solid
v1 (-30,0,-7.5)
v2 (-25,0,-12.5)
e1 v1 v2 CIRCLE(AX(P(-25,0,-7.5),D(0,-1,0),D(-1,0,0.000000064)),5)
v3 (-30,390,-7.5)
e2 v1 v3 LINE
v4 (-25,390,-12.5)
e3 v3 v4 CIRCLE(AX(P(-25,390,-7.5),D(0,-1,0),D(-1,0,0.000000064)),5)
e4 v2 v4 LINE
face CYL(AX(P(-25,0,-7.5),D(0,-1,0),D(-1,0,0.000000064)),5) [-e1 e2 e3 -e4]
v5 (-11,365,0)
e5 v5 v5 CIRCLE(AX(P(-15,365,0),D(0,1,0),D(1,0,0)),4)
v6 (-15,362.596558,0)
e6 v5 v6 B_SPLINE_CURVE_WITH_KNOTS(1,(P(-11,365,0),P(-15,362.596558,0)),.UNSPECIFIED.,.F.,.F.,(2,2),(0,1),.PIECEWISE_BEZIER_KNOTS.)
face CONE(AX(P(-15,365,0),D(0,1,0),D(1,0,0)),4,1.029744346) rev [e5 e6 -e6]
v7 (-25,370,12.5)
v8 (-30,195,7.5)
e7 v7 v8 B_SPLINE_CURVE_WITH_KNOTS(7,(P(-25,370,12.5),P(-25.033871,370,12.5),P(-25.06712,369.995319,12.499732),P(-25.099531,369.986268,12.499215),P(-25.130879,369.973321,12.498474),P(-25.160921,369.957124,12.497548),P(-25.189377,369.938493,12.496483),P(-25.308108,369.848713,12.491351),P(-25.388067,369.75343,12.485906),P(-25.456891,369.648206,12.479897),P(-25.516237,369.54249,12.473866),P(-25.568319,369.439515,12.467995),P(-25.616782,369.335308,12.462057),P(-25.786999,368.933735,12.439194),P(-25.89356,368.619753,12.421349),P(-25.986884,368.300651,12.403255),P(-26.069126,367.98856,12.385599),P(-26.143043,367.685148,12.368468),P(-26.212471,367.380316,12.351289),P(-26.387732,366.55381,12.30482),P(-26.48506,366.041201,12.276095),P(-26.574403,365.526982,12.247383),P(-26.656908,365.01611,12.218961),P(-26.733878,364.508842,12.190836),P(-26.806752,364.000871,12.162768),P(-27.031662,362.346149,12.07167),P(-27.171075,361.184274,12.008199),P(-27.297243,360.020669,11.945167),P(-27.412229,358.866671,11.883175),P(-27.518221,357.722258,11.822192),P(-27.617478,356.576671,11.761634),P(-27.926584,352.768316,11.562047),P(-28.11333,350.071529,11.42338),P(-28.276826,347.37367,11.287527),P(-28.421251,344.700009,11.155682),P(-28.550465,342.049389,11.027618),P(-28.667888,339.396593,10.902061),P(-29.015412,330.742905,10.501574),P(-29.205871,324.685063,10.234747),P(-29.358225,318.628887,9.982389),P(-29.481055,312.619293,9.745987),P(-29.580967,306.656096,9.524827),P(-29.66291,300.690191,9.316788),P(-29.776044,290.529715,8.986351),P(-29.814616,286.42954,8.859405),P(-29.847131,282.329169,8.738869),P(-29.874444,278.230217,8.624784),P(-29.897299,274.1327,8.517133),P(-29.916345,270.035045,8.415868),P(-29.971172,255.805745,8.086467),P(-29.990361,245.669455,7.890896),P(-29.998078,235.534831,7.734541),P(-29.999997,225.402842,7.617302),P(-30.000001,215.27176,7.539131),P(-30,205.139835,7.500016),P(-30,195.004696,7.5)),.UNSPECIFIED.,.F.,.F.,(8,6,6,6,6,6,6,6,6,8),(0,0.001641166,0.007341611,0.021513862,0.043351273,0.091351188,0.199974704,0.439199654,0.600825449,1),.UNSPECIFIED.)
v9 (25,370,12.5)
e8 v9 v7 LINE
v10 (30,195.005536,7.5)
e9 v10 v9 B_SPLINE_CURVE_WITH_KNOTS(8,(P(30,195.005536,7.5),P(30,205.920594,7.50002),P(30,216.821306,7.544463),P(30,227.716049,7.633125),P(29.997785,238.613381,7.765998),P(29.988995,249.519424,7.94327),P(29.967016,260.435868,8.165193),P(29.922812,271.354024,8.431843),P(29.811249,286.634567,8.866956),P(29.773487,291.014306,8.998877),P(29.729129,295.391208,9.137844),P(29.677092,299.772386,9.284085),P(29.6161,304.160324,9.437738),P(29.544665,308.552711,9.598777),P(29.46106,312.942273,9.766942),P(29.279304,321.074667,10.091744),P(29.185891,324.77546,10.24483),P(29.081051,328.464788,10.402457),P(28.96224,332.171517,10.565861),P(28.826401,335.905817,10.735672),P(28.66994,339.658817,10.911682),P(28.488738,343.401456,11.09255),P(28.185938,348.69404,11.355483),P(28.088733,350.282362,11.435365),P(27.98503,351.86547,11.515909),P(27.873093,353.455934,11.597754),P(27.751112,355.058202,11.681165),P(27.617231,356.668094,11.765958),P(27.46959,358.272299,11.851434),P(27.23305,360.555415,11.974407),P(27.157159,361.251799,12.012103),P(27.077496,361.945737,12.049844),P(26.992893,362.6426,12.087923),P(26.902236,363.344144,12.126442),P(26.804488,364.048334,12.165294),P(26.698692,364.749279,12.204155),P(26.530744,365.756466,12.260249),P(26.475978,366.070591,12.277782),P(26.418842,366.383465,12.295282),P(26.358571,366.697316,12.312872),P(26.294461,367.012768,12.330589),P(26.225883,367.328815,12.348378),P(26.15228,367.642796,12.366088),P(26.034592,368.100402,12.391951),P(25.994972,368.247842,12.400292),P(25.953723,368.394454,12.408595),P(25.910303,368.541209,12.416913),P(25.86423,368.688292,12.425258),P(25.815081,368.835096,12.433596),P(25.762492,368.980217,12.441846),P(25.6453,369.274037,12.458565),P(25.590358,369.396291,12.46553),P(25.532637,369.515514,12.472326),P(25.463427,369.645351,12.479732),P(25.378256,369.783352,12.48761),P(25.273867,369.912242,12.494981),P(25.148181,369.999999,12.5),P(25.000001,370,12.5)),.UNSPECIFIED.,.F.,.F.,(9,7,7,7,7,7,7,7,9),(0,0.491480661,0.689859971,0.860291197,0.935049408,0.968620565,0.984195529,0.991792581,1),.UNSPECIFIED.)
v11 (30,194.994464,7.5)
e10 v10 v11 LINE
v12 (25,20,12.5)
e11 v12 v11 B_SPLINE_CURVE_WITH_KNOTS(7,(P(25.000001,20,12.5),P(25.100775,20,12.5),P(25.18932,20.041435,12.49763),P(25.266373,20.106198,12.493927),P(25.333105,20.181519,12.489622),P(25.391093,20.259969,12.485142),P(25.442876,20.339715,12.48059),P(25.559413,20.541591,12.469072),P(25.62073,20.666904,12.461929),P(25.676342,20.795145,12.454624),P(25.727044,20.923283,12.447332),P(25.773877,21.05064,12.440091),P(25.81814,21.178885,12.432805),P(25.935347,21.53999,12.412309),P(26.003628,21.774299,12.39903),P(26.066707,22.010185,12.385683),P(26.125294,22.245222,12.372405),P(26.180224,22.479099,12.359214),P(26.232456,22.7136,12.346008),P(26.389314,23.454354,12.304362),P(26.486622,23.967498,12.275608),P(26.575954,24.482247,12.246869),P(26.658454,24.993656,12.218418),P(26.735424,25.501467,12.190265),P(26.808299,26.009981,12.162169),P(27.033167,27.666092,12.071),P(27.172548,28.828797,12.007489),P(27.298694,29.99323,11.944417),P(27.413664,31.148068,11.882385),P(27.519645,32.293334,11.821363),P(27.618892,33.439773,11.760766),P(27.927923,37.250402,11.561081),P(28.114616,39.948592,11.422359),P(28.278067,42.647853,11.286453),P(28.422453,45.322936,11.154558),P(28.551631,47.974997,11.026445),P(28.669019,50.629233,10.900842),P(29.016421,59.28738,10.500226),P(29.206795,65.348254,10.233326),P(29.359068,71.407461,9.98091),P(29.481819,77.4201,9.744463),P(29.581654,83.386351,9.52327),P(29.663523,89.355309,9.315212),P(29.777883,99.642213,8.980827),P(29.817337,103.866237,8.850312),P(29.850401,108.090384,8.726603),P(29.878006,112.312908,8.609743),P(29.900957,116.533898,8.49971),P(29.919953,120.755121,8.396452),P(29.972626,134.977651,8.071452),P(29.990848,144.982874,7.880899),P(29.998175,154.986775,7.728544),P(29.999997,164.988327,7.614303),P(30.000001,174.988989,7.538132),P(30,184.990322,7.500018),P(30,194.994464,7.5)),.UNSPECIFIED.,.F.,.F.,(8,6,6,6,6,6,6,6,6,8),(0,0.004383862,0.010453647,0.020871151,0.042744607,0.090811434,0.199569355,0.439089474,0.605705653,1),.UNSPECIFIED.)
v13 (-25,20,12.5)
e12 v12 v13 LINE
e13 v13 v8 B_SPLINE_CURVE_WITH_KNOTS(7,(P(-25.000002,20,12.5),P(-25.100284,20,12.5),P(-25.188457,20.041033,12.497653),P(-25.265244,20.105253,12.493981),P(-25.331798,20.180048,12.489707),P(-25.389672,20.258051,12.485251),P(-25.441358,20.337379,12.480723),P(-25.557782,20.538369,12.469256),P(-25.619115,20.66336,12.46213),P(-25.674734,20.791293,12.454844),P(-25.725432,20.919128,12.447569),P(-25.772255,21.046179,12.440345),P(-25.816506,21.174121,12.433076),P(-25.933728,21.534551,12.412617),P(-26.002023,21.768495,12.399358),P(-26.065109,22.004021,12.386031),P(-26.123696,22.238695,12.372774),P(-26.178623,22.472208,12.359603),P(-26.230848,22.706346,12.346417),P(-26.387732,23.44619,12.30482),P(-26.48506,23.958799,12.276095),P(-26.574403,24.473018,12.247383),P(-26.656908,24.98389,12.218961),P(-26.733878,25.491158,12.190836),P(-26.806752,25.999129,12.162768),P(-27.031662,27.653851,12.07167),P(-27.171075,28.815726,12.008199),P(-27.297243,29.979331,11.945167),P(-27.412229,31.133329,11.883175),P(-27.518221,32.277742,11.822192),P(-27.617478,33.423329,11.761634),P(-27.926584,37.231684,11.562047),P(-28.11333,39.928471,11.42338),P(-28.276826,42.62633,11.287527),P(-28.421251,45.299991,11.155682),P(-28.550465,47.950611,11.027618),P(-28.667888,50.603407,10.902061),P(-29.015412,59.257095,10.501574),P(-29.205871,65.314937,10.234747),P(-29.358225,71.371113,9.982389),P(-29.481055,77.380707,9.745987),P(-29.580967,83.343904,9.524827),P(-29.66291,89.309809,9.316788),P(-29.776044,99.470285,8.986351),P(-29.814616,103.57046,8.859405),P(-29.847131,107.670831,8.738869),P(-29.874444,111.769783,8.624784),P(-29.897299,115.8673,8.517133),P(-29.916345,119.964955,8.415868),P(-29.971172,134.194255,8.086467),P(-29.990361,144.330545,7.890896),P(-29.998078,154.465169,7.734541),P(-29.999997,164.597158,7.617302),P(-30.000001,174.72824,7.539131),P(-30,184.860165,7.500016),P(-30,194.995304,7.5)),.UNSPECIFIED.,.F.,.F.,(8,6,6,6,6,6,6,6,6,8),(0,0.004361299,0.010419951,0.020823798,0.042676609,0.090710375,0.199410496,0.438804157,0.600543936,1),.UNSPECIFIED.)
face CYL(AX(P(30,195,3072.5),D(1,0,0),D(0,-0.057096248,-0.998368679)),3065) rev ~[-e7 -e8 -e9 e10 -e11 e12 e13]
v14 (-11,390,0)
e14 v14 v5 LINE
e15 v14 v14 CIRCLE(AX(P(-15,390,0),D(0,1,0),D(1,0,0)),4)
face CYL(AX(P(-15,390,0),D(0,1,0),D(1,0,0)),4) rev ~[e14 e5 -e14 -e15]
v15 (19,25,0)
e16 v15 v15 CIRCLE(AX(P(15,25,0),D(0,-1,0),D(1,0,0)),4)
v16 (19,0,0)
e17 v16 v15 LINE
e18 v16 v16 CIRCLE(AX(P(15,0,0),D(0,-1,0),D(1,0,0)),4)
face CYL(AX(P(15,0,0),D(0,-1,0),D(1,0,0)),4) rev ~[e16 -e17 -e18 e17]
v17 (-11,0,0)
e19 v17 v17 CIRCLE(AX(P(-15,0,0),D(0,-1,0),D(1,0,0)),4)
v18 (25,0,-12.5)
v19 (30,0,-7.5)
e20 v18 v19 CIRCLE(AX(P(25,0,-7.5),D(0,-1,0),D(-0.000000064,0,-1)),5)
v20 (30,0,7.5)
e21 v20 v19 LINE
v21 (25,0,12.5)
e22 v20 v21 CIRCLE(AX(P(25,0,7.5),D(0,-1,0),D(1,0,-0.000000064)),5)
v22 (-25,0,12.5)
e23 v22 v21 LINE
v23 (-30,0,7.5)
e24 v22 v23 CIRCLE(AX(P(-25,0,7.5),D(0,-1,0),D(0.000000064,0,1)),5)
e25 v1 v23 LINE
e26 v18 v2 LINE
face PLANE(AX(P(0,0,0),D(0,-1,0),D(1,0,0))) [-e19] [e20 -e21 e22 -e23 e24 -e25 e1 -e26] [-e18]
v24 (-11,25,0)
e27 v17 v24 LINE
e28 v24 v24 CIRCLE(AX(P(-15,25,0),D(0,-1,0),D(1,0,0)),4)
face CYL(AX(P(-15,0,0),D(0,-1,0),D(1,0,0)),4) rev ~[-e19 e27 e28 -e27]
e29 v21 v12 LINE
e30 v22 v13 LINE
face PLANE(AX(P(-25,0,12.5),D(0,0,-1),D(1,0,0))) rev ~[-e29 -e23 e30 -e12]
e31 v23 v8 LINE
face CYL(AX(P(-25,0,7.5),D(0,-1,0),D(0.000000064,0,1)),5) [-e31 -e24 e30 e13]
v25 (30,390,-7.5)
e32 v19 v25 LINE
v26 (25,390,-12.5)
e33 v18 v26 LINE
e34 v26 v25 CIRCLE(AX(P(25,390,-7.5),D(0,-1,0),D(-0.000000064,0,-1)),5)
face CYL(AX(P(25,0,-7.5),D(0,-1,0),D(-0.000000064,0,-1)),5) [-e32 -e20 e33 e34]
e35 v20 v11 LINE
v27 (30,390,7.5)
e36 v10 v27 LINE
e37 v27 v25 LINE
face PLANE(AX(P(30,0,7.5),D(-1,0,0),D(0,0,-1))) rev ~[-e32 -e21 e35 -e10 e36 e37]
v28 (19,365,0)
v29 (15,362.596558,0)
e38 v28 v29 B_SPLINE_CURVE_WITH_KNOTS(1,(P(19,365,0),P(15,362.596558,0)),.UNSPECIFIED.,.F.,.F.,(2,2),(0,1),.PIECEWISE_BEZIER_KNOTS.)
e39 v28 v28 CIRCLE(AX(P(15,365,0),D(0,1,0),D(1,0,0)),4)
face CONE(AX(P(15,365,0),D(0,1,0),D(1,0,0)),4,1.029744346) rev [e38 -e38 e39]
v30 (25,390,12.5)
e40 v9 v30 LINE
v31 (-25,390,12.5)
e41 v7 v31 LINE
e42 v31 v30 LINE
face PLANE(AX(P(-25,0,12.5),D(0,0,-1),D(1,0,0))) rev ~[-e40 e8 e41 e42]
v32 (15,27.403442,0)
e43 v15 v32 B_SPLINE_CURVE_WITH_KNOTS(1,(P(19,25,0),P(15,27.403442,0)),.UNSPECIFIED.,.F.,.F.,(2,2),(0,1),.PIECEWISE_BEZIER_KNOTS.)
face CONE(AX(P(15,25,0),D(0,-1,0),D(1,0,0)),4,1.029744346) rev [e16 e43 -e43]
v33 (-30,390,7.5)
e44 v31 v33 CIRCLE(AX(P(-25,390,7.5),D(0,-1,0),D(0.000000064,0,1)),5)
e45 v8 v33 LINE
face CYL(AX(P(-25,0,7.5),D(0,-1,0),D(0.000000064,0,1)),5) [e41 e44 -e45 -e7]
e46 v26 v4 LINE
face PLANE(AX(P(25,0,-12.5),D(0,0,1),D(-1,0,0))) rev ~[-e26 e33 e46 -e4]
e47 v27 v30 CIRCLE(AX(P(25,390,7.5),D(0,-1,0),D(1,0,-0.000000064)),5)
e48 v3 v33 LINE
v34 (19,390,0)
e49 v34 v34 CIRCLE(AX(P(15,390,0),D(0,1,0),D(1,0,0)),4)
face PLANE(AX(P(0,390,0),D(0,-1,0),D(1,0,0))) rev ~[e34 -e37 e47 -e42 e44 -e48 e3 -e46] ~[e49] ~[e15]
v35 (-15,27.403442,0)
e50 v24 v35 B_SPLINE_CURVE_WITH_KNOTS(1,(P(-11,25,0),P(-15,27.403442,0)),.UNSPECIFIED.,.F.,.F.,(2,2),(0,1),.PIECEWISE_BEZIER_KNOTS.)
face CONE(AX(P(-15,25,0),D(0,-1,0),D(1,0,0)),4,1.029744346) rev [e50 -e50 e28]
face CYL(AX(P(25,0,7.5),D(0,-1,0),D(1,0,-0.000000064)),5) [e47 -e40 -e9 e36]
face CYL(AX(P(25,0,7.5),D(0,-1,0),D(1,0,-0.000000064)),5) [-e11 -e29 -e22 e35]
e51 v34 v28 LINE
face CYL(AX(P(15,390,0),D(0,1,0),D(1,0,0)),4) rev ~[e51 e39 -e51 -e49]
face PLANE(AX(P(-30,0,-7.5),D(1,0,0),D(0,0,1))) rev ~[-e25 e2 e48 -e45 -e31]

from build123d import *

# Parameters (mm, degrees)
PAD001_DEPTH      = 390
SKETCH003_R       = 4
HOLE_DEPTH        = 25
HOLE_TIPS_R       = 4
SKETCH004_R       = 4
HOLE001_DEPTH     = 25
HOLE001_TIPS_R    = 4
POCKET_DEPTH      = 64
POCKET_DEPTH_BACK = 5


with BuildPart() as part:
    # Sketch002 → Pad001 (new body)
    with BuildSketch(Plane.XZ):
        with BuildLine():
            ThreePointArc((25, -12.5), (28.535534, -11.035534), (30, -7.5))
            Line((30, 7.5), (30, -7.5))
            ThreePointArc((30, 7.5), (28.535534, 11.035534), (25, 12.5))
            Line((-25, 12.5), (25, 12.5))
            ThreePointArc((-25, 12.5), (-28.535534, 11.035534), (-30, 7.5))
            Line((-30, -7.5), (-30, 7.5))
            ThreePointArc((-30, -7.5), (-28.535534, -11.035534), (-25, -12.5))
            Line((25, -12.5), (-25, -12.5))
        make_face()
    extrude(amount=-PAD001_DEPTH)

    # Sketch003 (on Face9 of Pad001) → Hole (cut)
    with BuildSketch(Plane.XZ):
        with Locations((15, 0)):
            Circle(SKETCH003_R)
        with Locations((-15, 0)):
            Circle(SKETCH003_R)
    extrude(amount=-HOLE_DEPTH, mode=Mode.SUBTRACT)

    # Hole tips → Hole tip 1 section 0
    with BuildSketch(Plane.XZ.offset(-25), mode=Mode.PRIVATE) as hole_tip_1_s0:
        with Locations((15, 0)):
            Circle(HOLE_TIPS_R)
    loft([hole_tip_1_s0.sketch, Vertex(15, 27.403442, 0)], mode=Mode.SUBTRACT)

    # Hole tips → Hole tip 2 section 0
    with BuildSketch(Plane.XZ.offset(-25), mode=Mode.PRIVATE) as hole_tip_2_s0:
        with Locations((-15, 0)):
            Circle(HOLE_TIPS_R)
    loft([hole_tip_2_s0.sketch, Vertex(-15, 27.403442, 0)], mode=Mode.SUBTRACT)

    # Sketch004 (on Face5 of Hole) → Hole001 (cut)
    with BuildSketch(Plane(origin=(0, 390, 0), x_dir=(1, 0, 0), z_dir=(0, 1, 0))):
        with Locations((-15, 0)):
            Circle(SKETCH004_R)
        with Locations((15, 0)):
            Circle(SKETCH004_R)
    extrude(amount=-HOLE001_DEPTH, mode=Mode.SUBTRACT)

    # Hole001 tips → Hole001 tip 1 section 0
    with BuildSketch(Plane(origin=(0, 365, 0), x_dir=(1, 0, 0), z_dir=(0, 1, 0)), mode=Mode.PRIVATE) as hole001_tip_1_s0:
        with Locations((-15, 0)):
            Circle(HOLE001_TIPS_R)
    loft([hole001_tip_1_s0.sketch, Vertex(-15, 362.596558, 0)], mode=Mode.SUBTRACT)

    # Hole001 tips → Hole001 tip 2 section 0
    with BuildSketch(Plane(origin=(0, 365, 0), x_dir=(1, 0, 0), z_dir=(0, 1, 0)), mode=Mode.PRIVATE) as hole001_tip_2_s0:
        with Locations((15, 0)):
            Circle(HOLE001_TIPS_R)
    loft([hole001_tip_2_s0.sketch, Vertex(15, 362.596558, 0)], mode=Mode.SUBTRACT)

    # Sketch005 (on Face3 of Hole001) → Pocket (cut, two sides)
    with BuildSketch(Plane(origin=(30, 0, 0), x_dir=(0, 0, 1), z_dir=(1, 0, 0))) as pocket_sk:
        with BuildLine():
            ThreePointArc((12.5, -20), (7.5, -195), (12.5, -370))
            Line((12.5, -20), (12.5, -370))
        make_face()
    extrude(amount=-POCKET_DEPTH, mode=Mode.SUBTRACT)
    extrude(pocket_sk.sketch, amount=POCKET_DEPTH_BACK, mode=Mode.SUBTRACT)


solid = part.part
